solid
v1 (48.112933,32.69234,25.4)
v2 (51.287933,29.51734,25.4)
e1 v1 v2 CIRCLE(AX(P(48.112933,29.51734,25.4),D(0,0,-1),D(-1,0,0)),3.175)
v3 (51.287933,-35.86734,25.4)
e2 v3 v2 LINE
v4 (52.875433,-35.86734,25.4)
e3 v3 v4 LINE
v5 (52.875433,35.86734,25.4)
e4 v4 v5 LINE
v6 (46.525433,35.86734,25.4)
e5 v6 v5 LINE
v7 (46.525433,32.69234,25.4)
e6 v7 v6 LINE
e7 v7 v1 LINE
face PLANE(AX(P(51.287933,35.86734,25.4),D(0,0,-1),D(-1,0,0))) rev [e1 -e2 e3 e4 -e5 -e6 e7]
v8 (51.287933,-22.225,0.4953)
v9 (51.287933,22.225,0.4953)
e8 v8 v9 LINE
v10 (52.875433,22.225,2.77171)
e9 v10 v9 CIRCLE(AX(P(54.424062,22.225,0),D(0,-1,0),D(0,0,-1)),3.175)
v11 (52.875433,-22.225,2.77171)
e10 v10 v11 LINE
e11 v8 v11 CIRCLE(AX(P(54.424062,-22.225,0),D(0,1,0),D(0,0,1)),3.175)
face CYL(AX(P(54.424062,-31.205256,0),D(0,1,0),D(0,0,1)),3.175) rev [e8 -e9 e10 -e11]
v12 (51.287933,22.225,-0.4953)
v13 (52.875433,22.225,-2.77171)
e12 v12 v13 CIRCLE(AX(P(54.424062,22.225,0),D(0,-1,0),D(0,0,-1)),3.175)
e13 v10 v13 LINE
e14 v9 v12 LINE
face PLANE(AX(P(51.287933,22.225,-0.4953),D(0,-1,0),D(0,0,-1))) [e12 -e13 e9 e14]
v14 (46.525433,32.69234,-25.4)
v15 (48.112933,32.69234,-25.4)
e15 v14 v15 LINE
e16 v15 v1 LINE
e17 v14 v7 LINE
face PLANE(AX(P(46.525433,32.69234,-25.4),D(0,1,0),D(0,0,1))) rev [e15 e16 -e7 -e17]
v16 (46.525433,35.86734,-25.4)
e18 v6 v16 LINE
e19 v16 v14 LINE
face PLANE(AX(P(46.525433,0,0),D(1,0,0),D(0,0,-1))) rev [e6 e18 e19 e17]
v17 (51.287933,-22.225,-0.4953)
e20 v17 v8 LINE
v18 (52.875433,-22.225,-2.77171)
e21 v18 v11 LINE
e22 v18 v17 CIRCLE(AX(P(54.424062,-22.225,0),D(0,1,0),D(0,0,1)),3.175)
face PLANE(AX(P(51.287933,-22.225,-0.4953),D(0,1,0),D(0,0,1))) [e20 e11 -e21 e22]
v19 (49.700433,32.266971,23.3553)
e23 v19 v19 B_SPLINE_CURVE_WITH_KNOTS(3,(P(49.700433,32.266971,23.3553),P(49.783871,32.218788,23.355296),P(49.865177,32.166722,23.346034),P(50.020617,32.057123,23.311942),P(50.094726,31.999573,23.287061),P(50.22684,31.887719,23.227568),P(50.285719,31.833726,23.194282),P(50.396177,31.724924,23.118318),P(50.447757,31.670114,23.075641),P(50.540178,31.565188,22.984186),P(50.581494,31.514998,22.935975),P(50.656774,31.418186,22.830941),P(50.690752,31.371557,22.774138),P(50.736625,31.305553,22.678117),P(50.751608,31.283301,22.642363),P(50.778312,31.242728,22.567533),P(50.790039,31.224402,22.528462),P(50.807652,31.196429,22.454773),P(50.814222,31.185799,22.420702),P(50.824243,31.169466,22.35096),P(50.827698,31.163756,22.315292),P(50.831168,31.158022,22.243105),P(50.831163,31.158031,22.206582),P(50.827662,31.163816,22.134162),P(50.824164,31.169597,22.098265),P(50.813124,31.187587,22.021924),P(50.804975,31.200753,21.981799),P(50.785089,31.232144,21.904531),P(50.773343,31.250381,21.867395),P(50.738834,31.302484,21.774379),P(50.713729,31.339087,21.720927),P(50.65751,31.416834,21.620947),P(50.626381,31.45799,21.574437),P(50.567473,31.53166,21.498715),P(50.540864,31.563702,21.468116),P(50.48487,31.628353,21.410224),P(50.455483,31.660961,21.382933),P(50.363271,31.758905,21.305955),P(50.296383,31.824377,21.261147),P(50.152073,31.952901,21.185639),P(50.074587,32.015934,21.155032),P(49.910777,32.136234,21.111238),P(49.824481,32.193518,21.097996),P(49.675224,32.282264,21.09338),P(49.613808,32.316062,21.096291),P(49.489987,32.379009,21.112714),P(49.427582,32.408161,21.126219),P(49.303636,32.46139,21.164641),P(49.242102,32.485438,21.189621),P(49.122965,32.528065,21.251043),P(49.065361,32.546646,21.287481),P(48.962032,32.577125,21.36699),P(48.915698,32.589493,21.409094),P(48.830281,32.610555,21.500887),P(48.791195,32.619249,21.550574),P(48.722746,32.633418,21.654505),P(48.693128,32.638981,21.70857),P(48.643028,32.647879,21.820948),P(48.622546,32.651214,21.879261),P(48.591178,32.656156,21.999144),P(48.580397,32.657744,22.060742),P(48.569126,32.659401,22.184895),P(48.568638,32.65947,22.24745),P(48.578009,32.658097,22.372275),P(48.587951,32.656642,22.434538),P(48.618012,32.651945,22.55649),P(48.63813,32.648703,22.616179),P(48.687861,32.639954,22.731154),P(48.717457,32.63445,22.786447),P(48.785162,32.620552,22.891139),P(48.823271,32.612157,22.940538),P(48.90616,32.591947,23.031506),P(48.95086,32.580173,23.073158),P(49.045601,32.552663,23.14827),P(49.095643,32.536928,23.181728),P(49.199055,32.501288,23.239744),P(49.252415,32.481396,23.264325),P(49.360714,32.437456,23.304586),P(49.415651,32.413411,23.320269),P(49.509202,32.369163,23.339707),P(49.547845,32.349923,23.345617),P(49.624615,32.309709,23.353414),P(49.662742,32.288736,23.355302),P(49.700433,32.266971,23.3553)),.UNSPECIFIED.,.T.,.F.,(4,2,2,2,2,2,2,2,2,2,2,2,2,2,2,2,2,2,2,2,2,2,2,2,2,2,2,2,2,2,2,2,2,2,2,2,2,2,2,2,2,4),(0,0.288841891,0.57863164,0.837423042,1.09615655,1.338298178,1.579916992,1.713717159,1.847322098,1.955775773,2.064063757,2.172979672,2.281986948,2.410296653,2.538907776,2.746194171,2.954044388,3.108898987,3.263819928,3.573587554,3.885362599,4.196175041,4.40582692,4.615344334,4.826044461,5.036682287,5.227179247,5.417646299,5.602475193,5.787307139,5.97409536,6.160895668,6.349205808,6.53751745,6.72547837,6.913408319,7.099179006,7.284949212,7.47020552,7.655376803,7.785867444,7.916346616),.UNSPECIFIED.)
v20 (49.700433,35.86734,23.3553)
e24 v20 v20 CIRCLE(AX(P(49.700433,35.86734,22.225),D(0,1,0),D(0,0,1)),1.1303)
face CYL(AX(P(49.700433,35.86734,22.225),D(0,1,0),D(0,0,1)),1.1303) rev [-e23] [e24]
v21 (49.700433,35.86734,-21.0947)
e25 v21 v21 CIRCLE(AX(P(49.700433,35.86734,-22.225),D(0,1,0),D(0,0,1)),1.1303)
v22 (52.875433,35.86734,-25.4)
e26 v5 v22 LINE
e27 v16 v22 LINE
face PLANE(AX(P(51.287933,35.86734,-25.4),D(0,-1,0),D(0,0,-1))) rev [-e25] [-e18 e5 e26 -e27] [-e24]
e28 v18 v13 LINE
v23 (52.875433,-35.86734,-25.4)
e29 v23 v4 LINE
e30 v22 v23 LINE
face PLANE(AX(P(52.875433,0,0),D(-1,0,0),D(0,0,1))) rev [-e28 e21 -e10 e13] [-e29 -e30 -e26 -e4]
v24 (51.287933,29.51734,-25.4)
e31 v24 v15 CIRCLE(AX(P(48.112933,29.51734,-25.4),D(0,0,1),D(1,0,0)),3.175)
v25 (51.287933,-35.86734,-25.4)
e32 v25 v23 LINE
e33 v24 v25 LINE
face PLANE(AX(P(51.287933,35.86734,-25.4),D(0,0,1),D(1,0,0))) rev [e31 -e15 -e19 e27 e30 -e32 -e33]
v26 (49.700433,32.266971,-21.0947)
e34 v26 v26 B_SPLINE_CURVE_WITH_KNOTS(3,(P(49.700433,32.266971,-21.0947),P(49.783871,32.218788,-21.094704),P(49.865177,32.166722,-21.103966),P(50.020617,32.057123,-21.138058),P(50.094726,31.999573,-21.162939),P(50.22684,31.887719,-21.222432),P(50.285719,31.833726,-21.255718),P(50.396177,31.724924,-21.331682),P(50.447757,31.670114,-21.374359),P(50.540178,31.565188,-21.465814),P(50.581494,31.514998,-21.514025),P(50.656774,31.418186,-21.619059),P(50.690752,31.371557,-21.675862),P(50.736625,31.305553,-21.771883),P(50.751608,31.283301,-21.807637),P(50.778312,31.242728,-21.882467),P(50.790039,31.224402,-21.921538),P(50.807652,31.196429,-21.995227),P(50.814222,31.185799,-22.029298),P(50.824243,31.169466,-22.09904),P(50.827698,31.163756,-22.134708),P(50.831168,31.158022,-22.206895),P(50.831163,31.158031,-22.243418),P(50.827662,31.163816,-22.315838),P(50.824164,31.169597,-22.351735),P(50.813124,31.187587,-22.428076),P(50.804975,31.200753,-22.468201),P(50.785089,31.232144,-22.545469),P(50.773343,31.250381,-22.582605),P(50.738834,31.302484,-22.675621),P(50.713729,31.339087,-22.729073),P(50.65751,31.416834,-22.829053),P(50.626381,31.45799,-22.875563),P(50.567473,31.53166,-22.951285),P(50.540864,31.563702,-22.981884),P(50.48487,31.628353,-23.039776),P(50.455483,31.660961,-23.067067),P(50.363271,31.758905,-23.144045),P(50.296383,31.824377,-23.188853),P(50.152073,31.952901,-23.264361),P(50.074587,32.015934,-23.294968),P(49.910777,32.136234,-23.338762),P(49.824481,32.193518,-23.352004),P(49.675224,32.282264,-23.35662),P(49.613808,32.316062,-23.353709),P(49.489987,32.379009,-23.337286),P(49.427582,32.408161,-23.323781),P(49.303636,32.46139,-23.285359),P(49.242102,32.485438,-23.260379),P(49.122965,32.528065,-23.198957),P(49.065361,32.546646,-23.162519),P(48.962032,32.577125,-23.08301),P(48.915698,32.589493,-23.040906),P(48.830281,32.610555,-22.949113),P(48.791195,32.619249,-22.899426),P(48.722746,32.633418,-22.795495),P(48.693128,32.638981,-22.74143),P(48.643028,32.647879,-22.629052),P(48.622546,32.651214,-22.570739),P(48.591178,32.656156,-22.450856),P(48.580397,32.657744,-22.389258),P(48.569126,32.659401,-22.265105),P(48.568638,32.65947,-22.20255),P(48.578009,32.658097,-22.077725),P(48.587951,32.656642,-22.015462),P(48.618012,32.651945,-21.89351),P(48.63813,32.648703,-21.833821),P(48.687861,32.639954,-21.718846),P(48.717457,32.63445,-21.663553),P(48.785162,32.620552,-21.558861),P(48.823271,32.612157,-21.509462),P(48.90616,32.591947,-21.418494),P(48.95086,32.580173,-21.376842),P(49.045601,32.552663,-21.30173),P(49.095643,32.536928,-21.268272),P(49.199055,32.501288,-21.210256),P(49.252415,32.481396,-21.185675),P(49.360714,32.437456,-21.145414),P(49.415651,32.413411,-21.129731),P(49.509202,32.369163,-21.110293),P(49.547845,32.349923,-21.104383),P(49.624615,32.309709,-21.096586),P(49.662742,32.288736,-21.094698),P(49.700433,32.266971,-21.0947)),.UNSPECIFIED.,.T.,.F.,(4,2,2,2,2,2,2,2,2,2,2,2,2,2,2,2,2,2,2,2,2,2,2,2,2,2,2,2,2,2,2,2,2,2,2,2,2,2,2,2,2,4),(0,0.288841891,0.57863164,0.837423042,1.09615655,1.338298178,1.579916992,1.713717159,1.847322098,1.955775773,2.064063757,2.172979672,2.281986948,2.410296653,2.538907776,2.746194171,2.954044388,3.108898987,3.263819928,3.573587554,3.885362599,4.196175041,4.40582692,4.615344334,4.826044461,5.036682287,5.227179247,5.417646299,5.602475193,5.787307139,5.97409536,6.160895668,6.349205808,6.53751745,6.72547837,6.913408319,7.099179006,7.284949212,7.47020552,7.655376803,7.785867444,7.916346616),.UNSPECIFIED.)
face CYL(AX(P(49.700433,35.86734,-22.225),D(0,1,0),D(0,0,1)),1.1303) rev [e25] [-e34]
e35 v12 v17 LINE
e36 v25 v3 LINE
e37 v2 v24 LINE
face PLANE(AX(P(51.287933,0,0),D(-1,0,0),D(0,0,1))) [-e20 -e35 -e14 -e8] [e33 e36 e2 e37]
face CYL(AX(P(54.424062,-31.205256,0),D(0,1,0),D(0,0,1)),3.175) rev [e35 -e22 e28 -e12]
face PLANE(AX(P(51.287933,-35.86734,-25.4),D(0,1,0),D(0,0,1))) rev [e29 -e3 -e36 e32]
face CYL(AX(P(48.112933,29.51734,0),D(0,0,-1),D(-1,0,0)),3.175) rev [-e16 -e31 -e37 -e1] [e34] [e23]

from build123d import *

# Parameters (mm, degrees)
SKETCH2_W                     = 50.8
SKETCH2_H                     = 71.73468
SKETCH2_W_2                   = 0.9906
SKETCH2_H_2                   = 44.45
BOSS_EXTRUDE1_DEPTH           = 1.5875
SKETCH3_W                     = 50.8
SKETCH3_H                     = 3.175
BOSS_EXTRUDE2_DEPTH           = 6.35
FILLET1_R                     = 3.175
TAP_DRILL_FOR_4_40_TAP1_D     = 2.2606
TAP_DRILL_FOR_4_40_TAP1_DEPTH = 6.35
TAP_DRILL_FOR_4_40_TAP1_TIP   = 0.679152758
SKETCH7_R                     = 3.175
CUT_EXTRUDE1_DEPTH            = 44.45


with BuildPart() as part:
    # Sketch2 → Boss-Extrude1 (new body)
    with BuildSketch(Plane.ZY.offset(-52.8754333)):
        Rectangle(SKETCH2_W, SKETCH2_H)
        Rectangle(SKETCH2_W_2, SKETCH2_H_2, mode=Mode.SUBTRACT)
    extrude(amount=BOSS_EXTRUDE1_DEPTH)

    # Sketch3 → Boss-Extrude2 (add)
    with BuildSketch(Plane.ZY.offset(-52.8754333)):
        with Locations((0, 34.27984)):
            Rectangle(SKETCH3_W, SKETCH3_H)
    extrude(amount=BOSS_EXTRUDE2_DEPTH)

    # Fillet1
    fillet1_edges = [part.edges().sort_by_distance(p)[0] for p in [
        (51.2879333, 32.69234, 0),
    ]]
    fillet(fillet1_edges, radius=FILLET1_R)

    # Tap Drill for #4-40 Tap1
    with Locations(Plane(origin=(0, 35.86734, 0), x_dir=(1, 0, 0), z_dir=(0, 1, 0))):
        with Locations((49.7004333, -22.225), (49.7004333, 22.225)):
            Hole(TAP_DRILL_FOR_4_40_TAP1_D / 2, depth=TAP_DRILL_FOR_4_40_TAP1_DEPTH)
            with Locations((0, 0, -(TAP_DRILL_FOR_4_40_TAP1_DEPTH + TAP_DRILL_FOR_4_40_TAP1_TIP / 2))):  # 118° drill point
                Cone(0, TAP_DRILL_FOR_4_40_TAP1_D / 2, TAP_DRILL_FOR_4_40_TAP1_TIP, mode=Mode.SUBTRACT)

    # Sketch7 → Cut-Extrude1 (cut)
    with BuildSketch(Plane.XZ.offset(-22.225)):
        with Locations((54.42406195, 0)):
            Circle(SKETCH7_R)
    extrude(amount=CUT_EXTRUDE1_DEPTH, mode=Mode.SUBTRACT)


solid = part.part
